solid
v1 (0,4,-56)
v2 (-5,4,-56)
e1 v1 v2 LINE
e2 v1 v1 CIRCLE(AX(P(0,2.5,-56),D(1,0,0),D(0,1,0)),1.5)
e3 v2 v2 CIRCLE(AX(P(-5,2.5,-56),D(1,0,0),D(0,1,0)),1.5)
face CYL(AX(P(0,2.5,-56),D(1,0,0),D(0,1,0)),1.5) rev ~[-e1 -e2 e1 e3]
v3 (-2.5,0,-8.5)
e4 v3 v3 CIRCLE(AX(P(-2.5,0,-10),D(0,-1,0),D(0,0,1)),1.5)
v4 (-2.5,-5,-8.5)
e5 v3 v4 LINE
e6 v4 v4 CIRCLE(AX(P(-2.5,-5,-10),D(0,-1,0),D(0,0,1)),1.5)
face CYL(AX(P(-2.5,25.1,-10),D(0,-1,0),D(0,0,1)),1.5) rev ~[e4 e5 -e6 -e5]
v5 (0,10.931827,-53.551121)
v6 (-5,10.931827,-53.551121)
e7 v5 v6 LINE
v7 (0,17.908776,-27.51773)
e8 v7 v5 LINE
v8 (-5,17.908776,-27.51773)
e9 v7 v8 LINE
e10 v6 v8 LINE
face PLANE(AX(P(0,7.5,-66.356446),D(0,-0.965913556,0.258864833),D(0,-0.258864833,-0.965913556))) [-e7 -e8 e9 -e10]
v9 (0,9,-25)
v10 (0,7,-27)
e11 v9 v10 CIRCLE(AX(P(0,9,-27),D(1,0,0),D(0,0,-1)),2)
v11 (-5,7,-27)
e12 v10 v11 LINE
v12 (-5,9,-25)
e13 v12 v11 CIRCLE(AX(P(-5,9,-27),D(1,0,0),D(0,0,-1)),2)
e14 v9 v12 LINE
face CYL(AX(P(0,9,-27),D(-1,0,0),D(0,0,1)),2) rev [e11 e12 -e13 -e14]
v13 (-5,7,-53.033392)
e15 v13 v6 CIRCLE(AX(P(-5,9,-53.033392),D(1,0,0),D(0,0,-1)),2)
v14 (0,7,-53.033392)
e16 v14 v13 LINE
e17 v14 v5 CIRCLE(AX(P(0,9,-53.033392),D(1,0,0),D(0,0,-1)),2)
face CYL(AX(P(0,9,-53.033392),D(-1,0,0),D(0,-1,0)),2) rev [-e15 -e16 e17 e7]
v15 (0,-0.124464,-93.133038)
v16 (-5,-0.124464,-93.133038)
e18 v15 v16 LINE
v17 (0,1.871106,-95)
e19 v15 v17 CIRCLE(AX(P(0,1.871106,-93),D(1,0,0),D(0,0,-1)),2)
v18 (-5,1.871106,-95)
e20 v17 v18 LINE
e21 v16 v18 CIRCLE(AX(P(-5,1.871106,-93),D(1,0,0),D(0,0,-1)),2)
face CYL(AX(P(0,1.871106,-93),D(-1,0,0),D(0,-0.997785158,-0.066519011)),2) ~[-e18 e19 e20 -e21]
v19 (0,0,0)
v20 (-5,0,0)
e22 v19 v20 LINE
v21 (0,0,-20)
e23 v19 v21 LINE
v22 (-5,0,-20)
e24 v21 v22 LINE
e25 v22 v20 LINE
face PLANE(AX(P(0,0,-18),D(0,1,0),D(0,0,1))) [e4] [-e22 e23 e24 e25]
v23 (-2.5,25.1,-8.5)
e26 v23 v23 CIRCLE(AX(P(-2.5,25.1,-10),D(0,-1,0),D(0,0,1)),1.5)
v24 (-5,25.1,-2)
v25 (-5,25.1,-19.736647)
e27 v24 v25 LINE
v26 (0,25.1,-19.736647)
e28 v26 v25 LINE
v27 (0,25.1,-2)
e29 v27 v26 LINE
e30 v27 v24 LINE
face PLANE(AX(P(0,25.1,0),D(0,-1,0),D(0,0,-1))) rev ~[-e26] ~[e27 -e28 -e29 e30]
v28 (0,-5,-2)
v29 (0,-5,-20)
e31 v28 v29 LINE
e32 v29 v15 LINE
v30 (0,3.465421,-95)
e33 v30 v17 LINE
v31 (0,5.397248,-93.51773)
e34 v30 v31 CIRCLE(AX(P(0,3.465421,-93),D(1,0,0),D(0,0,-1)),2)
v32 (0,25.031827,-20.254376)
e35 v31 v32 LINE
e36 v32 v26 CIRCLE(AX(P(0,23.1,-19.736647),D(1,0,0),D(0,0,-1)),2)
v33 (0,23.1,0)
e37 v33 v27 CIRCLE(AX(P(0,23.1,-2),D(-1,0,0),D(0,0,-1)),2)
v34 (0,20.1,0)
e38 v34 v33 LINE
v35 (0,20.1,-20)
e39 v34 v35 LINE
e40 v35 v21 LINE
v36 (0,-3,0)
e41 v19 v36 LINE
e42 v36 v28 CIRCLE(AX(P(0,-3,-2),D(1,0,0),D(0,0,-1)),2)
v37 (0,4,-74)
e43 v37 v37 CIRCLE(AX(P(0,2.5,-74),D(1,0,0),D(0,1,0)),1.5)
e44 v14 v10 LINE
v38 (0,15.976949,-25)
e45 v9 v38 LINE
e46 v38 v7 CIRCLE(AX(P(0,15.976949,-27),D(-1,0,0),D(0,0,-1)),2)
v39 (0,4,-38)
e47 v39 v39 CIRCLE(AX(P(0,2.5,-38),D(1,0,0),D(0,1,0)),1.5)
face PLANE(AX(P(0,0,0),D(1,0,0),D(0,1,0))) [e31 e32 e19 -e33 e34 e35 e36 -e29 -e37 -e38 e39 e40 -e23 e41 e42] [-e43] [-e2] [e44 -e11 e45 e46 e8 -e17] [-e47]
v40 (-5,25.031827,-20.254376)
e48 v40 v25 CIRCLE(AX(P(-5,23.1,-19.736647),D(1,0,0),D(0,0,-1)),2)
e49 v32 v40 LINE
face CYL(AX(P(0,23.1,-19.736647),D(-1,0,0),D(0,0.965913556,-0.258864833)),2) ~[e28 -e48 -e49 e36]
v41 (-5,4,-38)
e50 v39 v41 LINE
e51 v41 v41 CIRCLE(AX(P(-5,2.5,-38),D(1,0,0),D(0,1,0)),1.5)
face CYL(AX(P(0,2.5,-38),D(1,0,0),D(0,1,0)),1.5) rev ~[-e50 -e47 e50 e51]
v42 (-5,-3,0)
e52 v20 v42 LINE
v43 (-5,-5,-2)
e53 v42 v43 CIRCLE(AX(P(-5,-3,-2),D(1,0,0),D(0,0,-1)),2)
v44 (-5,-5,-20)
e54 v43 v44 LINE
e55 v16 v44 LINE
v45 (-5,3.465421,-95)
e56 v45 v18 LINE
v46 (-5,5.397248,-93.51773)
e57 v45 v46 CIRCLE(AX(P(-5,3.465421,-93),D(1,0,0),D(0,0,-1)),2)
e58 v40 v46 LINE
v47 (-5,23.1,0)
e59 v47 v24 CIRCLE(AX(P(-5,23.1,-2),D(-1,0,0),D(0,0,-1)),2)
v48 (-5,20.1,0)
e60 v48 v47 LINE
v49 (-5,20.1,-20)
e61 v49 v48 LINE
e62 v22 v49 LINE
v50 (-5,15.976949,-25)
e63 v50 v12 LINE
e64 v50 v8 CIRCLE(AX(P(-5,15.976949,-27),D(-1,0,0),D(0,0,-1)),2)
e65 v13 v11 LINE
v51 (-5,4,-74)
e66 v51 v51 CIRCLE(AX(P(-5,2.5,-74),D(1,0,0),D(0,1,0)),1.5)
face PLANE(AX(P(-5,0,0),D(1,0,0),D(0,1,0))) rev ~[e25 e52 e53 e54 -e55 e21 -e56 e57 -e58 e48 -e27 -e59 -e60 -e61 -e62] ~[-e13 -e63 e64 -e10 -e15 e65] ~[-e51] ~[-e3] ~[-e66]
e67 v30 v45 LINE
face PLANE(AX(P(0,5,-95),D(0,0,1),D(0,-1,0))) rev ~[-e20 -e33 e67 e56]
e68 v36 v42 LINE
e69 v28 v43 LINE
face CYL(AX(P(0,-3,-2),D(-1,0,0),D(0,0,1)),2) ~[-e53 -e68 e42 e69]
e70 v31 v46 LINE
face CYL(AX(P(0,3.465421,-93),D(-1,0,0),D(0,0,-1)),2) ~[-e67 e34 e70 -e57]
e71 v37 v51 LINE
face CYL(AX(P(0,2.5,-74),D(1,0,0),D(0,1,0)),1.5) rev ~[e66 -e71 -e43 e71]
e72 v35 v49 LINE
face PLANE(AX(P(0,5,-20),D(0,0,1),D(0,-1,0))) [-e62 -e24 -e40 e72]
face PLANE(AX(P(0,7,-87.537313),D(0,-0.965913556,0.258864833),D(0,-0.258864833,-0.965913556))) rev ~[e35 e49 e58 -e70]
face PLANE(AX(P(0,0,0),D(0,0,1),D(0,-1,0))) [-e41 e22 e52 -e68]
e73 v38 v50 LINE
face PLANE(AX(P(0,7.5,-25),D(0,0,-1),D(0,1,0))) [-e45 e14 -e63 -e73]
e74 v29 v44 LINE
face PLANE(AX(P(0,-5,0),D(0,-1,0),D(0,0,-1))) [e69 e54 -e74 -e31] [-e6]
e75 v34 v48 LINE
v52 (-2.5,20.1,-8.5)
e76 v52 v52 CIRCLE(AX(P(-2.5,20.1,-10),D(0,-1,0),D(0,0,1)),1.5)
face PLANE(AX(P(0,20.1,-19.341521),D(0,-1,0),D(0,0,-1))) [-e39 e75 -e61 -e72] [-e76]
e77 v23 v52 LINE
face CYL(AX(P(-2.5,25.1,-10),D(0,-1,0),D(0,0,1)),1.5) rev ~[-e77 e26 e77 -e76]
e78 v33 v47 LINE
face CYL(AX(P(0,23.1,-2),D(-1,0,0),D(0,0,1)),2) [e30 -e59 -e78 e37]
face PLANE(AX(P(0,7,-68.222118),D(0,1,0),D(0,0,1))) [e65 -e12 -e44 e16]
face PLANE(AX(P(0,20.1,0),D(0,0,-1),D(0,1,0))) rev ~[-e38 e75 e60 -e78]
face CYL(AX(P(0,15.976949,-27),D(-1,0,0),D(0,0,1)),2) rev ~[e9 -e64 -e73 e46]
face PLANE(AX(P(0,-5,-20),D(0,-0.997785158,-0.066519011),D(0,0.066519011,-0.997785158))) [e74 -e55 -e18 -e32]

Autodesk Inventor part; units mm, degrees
ref_plane "YZ Plane" through (0, 0, 0) normal (1, 0, 0) x (0, 1, 0)
ref_plane "XZ Plane" through (0, 0, 0) normal (0, 1, 0) x (-1, 0, 0)
ref_plane "XY Plane" through (0, 0, 0) normal (0, 0, 1) x (1, 0, 0)
sketch "スケッチ1" plane through (0, 0, 0) normal (1, 0, 0) x (0, 1, 0)
  line L0 (0, 0) -> (20.1, 0)
  line L1 (20.1, 0) -> (20.1, -20)
  line L2 (20.1, -20) -> (0, -20)
  line L3 (0, -20) -> (0, 0)
  line L4 (0, -20) -> (5, -20)
  line L5 (5, -20) -> (5, -95)
  line L6 (5, -95) -> (0, -95)
  line L7 (0, -95) -> (0, -20)
  circle A0 centre (2.5, -38) radius 1.5
  circle A1 centre (2.5, -56) radius 1.5
  circle A2 centre (2.5, -74) radius 1.5
  line L8 (20.1, 0) -> (25.1, 0)
  line L9 (25.1, 0) -> (25.1, -20)
  line L10 (25.1, -20) -> (20.1, -20)
  line L11 (20.1, -20) -> (20.1, 0)
  line L12 (0, 0) -> (-5, 0)
  line L13 (-5, 0) -> (-5, -20)
  line L14 (-5, -20) -> (0, -20)
  line L15 (0, -20) -> (0, 0)
  line L16 (25.1, -20) -> (5, -95)
  line L17 (-5, -20) -> (0, -95)
  line L18 (25.1, -25) -> (15.1, -25)
  line L19 (15.1, -25) -> (15.1, 0.1)
  line L20 (0, -25) -> (25.1, -25)
  line L21 (25.1, -25) -> (25.1, 0.1)
  line L22 (20.2704, -18.7057) -> (0.1704, -93.7057)
  line L23 (7, -95) -> (7, -18)
  line L24 (7, -18) -> (0, -18)
  line L25 (0, -35) -> (-35, -35)
  line L26 (-35, -35) -> (-35, -85)
  line L27 (-35, -85) -> (0, -85)
  line L28 (0, -85) -> (0, -35)
  line L29 (-35, -38) -> (-70, -38)
  line L30 (-70, -38) -> (-70, -82)
  line L31 (-70, -82) -> (-35, -82)
  line L32 (-35, -82) -> (-35, -38)
  line L33 (7.5, -95) -> (-2.5, -95)
  line L34 (-2.5, -95) -> (-2.5, -21)
  line L35 (-2.5, -21) -> (7.5, -21)
  line L36 (7.5, -21) -> (7.5, -95)
  line L37 (-2.5, -21) -> (-64, -21)
  line L38 (-64, -21) -> (-64, -31)
  line L39 (-64, -31) -> (-2.5, -31)
  line L40 (-2.5, -31) -> (-2.5, -21)
  point P0 (7, -25)
  point P1 (18.5836, -25)
  point P2 (7, -68.2222)
  dimension "d0" = 20.1
  dimension "d1" = 20
  dimension "d2" = 5
  dimension "d3" = 75
  dimension "d4" = 3
  dimension "d5" = 3
  dimension "d6" = 3
  dimension "d7" = 2.5
  dimension "d8" = 2.5
  dimension "d9" = 2.5
  dimension "d10" = 18
  dimension "d11" = 18
  dimension "d12" = 18
  dimension "d13" = 5
  dimension "d14" = 5
  dimension "d15" = 0
  dimension "d16" = 0
  dimension "d17" = 5
  dimension "d18" = 5
  dimension "d19" = 5
  dimension "d20" = 2
  dimension "d33" = 50
  dimension "d34" = 35
  dimension "d35" = 35
  dimension "d36" = 44
  dimension "d37" = 3
  dimension "d38" = 0
  dimension "d39" = 10
  dimension "d40" = 0
  dimension "d41" = 5
  dimension "d42" = 5
  dimension "d43" = 6
  dimension "d44" = 10
  dimension "d46" = 1
extrude "押し出し1" add sketch "スケッチ1" against normal blind 5 contours L3 L14 L13 L12 | L8 L9 L10 L1 | L19 L20 L36 L35 L23 L2 | L2 L22 L18 L19 | L2 L5 L35 L7 | L7 L35 L37 L17 L14 | L2 L10 L16 L18 L22 | L23 L35 L5 L2 | L35 L5 L20 L7 | L7 L25 L34 L35 | L37 L34 L39 L17 | L18 L16 L36 L22 | L35 L36 L20 L23 | L23 L20 L5 L35 | L20 L5 L6 L7 | L39 L34 L25 L17 | L36 L16 L23 L22 | L23 L22 L5 L20 | L7 L27 L17 L34 L25 | L25 L34 L17 | L23 L16 L5 L22 | L7 L17 L27
fillet "フィレット1" radius 2 9 edges at (-2.5, 7, -25) (-2.5, 18.5836, -25) (-2.5, 7, -68.2222) (-2.5, 25.1, 0) (-2.5, 25.1, -20) (-2.5, -5, 0) (-2.5, -5, -20) (-2.5, 0, -95) (-2.5, 5, -95)
sketch "スケッチ2" plane through (0, 25.1, 0) normal (0, 1, 0) x (1, 0, 0)
  line L0 (0, 0) -> (-5, 0) projected
  line L1 (-5, 2) -> (-5, 19.7366) projected
  point P0 (-2.5, 10)
  point P1 (-5, 20.1)
  dimension "d24" = 10
  dimension "d25" = 2.5
hole "穴1" at (-2.5, 25.1, -10) direction (0, -1, 0) diameter 3 end through all
equation "\"d8\" = d7"
equation "\"d9\" = d7"
equation "\"d11\" = d10"
equation "\"d12\" = d10"
properties part number "base_weel-v2-Plate-7" material "アルミニウム 6061"
